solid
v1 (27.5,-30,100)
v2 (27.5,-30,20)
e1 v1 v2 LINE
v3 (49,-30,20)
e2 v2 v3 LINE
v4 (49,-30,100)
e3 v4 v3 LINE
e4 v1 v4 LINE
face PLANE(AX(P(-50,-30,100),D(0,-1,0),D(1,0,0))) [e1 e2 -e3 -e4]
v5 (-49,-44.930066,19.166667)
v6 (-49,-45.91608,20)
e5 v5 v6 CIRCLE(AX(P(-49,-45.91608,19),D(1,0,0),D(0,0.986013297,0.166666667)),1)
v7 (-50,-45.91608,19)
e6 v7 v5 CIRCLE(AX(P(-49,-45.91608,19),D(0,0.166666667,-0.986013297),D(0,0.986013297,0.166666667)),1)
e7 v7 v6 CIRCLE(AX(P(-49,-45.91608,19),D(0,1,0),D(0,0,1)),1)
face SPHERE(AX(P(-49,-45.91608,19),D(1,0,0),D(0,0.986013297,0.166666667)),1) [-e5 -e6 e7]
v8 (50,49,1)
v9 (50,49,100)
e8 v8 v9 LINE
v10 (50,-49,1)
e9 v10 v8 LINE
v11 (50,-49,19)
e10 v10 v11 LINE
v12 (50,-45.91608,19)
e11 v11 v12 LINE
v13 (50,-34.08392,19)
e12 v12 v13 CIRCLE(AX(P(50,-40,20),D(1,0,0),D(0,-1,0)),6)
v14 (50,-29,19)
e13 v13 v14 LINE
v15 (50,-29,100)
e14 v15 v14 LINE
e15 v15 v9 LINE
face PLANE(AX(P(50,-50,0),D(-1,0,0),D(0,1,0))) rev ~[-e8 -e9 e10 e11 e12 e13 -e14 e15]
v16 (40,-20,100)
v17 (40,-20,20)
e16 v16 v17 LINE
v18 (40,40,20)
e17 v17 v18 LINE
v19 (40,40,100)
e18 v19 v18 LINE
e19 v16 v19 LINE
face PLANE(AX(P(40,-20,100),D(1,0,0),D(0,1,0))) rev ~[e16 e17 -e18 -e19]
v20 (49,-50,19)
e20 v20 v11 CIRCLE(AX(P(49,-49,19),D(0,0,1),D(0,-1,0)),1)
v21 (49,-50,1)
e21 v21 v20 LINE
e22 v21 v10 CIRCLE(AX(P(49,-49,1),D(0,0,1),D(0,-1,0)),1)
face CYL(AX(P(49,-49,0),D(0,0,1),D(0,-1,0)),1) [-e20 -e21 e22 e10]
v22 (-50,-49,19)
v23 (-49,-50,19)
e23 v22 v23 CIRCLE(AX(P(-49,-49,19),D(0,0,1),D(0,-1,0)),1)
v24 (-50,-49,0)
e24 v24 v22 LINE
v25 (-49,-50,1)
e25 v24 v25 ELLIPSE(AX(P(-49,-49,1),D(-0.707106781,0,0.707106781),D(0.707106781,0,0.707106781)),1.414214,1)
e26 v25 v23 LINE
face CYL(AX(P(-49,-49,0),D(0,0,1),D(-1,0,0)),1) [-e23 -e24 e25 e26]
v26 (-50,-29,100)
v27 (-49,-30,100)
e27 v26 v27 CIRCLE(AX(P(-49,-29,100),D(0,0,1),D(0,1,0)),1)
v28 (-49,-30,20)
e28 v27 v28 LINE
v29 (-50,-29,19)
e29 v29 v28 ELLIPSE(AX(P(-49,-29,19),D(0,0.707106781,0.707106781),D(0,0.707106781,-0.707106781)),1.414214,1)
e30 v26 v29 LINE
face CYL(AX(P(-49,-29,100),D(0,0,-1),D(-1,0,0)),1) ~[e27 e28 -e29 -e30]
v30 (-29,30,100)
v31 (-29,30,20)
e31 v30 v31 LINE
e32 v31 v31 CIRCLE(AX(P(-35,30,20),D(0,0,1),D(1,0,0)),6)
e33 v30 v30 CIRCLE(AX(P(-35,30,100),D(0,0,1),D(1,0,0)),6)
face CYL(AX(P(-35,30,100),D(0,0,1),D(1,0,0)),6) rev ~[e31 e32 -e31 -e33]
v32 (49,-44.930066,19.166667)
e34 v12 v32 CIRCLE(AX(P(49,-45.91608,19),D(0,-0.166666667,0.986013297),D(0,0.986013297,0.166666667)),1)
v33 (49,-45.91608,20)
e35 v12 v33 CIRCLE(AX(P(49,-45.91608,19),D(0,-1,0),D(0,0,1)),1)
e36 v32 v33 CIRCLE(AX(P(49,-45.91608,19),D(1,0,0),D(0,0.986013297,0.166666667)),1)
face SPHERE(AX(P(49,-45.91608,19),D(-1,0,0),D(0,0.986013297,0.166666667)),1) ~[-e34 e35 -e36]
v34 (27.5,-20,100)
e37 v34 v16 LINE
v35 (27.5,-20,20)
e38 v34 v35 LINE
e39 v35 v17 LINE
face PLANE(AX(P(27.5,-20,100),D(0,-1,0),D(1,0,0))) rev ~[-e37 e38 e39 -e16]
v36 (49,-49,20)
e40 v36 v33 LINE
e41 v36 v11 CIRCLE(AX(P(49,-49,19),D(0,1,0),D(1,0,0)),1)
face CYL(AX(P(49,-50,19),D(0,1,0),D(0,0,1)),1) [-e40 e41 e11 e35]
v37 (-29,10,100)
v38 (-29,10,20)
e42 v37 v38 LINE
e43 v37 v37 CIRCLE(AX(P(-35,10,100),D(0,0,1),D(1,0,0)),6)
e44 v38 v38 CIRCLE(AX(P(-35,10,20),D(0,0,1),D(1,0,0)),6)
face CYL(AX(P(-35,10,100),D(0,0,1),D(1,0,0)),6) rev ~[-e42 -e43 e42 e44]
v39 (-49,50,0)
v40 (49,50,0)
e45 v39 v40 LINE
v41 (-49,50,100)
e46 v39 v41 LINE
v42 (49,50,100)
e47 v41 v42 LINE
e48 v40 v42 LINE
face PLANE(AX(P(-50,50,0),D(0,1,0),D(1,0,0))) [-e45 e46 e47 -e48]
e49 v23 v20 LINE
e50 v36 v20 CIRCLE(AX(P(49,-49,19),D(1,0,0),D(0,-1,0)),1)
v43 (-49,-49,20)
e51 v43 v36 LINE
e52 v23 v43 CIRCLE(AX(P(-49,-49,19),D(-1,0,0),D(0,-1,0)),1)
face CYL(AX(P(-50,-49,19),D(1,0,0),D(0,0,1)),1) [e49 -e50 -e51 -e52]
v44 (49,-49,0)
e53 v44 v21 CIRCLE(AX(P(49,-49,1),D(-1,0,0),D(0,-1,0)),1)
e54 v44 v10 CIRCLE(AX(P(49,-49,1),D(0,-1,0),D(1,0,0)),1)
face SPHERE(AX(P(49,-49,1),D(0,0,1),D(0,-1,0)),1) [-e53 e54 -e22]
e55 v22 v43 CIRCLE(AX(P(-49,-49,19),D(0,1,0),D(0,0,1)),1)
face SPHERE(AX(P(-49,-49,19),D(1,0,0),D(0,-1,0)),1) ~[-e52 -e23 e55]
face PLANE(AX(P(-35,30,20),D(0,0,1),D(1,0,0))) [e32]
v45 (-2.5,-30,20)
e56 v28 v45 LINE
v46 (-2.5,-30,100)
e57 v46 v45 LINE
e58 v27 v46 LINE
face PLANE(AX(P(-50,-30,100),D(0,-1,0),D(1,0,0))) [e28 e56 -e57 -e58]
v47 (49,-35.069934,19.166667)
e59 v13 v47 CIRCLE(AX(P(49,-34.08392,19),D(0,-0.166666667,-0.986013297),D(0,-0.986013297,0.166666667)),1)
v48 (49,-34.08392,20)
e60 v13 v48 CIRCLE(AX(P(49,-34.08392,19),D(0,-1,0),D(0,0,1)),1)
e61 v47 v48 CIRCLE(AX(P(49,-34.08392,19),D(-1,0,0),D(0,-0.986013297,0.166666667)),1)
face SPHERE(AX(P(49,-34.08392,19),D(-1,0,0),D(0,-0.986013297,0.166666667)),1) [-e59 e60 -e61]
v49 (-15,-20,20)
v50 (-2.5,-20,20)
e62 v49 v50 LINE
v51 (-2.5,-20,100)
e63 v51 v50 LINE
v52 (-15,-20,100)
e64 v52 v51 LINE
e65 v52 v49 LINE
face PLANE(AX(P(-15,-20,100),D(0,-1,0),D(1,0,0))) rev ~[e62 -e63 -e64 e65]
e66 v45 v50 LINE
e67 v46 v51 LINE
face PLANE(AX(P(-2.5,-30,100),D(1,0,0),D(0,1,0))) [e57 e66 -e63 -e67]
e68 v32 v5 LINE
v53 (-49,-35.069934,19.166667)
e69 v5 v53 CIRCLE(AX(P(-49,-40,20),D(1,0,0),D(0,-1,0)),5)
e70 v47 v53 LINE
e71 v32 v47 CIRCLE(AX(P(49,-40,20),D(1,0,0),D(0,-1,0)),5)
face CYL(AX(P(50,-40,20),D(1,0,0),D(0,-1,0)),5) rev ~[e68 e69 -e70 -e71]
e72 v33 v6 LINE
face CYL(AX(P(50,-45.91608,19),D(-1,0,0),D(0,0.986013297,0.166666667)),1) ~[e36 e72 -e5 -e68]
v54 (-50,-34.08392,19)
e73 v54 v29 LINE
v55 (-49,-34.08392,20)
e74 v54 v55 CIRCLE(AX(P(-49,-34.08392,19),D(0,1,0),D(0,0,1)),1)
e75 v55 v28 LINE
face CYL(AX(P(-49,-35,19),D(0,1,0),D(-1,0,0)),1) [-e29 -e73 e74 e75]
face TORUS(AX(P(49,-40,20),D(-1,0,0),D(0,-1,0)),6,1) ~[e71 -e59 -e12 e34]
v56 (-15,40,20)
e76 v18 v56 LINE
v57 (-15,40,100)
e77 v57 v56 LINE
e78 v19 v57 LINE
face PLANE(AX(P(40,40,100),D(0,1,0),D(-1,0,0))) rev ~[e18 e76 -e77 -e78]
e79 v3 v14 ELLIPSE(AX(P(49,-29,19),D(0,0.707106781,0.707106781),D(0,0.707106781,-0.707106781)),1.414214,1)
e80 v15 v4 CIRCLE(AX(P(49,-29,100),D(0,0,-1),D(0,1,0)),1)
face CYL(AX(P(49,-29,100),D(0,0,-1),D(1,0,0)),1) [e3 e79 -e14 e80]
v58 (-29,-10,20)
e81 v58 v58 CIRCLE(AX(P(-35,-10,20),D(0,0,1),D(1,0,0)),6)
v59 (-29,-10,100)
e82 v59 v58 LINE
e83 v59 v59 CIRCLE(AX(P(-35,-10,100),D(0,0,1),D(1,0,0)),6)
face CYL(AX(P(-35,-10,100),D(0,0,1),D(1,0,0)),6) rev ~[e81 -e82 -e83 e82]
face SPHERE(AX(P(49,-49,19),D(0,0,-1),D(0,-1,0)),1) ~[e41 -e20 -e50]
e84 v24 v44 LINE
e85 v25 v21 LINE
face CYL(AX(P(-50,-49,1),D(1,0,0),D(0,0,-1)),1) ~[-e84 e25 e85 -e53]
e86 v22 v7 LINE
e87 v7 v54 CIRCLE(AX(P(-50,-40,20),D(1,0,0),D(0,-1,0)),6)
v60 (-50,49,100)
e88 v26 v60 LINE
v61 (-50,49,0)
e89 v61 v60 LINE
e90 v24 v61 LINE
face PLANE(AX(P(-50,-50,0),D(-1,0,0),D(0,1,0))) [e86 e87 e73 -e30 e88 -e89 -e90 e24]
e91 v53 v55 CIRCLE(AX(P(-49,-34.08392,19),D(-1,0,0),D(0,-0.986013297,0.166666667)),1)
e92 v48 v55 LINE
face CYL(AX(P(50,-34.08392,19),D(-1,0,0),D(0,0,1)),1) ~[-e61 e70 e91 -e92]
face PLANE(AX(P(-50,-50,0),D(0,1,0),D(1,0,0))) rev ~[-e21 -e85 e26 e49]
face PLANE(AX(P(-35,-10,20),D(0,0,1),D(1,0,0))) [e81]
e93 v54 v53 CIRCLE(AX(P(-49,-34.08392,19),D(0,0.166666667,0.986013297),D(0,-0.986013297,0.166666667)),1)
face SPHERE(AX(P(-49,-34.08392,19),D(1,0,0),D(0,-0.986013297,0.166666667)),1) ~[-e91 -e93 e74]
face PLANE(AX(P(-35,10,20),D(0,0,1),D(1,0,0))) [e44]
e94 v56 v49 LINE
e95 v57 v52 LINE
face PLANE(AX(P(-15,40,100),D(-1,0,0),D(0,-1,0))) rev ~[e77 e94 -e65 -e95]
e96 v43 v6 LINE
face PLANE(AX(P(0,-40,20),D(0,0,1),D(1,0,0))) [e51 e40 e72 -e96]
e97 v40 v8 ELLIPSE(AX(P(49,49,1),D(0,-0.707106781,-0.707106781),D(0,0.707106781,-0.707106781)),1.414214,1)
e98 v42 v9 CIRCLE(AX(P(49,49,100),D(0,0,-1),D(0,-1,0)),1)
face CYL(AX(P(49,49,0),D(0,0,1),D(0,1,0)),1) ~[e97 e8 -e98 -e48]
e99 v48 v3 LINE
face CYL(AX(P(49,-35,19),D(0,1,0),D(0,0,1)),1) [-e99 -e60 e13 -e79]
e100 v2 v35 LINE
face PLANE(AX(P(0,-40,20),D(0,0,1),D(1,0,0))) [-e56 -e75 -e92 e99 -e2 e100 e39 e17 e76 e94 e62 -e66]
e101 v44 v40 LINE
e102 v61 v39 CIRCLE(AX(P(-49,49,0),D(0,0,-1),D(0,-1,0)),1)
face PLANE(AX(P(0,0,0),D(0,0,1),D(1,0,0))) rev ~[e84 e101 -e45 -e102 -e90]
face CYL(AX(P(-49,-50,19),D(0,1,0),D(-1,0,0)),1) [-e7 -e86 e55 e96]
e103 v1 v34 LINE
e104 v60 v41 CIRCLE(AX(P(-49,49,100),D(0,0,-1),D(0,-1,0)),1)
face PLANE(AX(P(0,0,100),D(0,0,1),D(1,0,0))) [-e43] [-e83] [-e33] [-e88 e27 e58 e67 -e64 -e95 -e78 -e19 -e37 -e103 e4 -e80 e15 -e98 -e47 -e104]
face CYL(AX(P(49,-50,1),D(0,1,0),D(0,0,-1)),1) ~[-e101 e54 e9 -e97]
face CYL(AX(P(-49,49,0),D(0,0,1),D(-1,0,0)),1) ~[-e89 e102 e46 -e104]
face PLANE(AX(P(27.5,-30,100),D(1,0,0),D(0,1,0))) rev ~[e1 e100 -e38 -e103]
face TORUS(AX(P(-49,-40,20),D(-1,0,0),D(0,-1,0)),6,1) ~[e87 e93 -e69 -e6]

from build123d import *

# Parameters (mm, degrees)
F0_W     = 100
F0_H     = 100
F1_DEPTH = 100
F2_W     = 100
F2_H     = 20
F3_DEPTH = 80
F4_W     = 30
F4_H     = 10
F5_DEPTH = 80
F6_R     = 6
F7_DEPTH = 80
F9_DEPTH = 100
F10_R    = 1


with BuildPart() as f1:
    # F0 (on Top) → F1 (new body)
    with BuildSketch(Plane.XY):
        Rectangle(F0_W, F0_H)
    extrude(amount=F1_DEPTH)

    # F2 (on face) → F3 (cut)
    with BuildSketch(Plane.XY.offset(100)):
        with Locations((0, -40)):
            Rectangle(F2_W, F2_H)
    extrude(amount=-F3_DEPTH, mode=Mode.SUBTRACT)

    # F4 (on face) → F5 (cut, through all)
    with BuildSketch(Plane.XY.offset(100)):
        Polygon((40, 40), (-15, 40), (-15, -20), (-2.5, -20), (27.5, -20), (40, -20), align=None)
        with Locations((12.5, -25)):
            Rectangle(F4_W, F4_H)
    extrude(amount=-F5_DEPTH, mode=Mode.SUBTRACT)

    # F6 (on face) → F7 (cut, through all)
    with BuildSketch(Plane.XY.offset(100)):
        with Locations((-35, -10)):
            Circle(F6_R)
        with Locations((-35, 10)):
            Circle(F6_R)
        with Locations((-35, 30)):
            Circle(F6_R)
    extrude(amount=-F7_DEPTH, mode=Mode.SUBTRACT)

    # F8 (on face) → F9 (cut, through all)
    with BuildSketch(Plane.YZ.offset(50)):
        with BuildLine():
            ThreePointArc((-45, 20), (-40, 15), (-35, 20))
            Line((-35, 20), (-45, 20))
        make_face()
    extrude(amount=-F9_DEPTH, mode=Mode.SUBTRACT)

    # F10
    f10_edges = [f1.edges().sort_by_distance(p)[0] for p in [
        (0, -35, 20),
        (0, -45, 20),
        (50, -50, 10),
        (0, -50, 20),
        (-50, -50, 10),
        (0, -50, 0),
        (50, 0, 0),
        (50, -40, 15),
        (50, -47.5, 20),
        (50, -32.5, 20),
        (50, -30, 60),
        (-50, -40, 15),
        (-50, -47.5, 20),
        (-50, -32.5, 20),
        (50, 50, 50),
        (-50, -30, 60),
        (-50, 50, 50),
    ]]
    fillet(f10_edges, radius=F10_R)


solid = f1.part
